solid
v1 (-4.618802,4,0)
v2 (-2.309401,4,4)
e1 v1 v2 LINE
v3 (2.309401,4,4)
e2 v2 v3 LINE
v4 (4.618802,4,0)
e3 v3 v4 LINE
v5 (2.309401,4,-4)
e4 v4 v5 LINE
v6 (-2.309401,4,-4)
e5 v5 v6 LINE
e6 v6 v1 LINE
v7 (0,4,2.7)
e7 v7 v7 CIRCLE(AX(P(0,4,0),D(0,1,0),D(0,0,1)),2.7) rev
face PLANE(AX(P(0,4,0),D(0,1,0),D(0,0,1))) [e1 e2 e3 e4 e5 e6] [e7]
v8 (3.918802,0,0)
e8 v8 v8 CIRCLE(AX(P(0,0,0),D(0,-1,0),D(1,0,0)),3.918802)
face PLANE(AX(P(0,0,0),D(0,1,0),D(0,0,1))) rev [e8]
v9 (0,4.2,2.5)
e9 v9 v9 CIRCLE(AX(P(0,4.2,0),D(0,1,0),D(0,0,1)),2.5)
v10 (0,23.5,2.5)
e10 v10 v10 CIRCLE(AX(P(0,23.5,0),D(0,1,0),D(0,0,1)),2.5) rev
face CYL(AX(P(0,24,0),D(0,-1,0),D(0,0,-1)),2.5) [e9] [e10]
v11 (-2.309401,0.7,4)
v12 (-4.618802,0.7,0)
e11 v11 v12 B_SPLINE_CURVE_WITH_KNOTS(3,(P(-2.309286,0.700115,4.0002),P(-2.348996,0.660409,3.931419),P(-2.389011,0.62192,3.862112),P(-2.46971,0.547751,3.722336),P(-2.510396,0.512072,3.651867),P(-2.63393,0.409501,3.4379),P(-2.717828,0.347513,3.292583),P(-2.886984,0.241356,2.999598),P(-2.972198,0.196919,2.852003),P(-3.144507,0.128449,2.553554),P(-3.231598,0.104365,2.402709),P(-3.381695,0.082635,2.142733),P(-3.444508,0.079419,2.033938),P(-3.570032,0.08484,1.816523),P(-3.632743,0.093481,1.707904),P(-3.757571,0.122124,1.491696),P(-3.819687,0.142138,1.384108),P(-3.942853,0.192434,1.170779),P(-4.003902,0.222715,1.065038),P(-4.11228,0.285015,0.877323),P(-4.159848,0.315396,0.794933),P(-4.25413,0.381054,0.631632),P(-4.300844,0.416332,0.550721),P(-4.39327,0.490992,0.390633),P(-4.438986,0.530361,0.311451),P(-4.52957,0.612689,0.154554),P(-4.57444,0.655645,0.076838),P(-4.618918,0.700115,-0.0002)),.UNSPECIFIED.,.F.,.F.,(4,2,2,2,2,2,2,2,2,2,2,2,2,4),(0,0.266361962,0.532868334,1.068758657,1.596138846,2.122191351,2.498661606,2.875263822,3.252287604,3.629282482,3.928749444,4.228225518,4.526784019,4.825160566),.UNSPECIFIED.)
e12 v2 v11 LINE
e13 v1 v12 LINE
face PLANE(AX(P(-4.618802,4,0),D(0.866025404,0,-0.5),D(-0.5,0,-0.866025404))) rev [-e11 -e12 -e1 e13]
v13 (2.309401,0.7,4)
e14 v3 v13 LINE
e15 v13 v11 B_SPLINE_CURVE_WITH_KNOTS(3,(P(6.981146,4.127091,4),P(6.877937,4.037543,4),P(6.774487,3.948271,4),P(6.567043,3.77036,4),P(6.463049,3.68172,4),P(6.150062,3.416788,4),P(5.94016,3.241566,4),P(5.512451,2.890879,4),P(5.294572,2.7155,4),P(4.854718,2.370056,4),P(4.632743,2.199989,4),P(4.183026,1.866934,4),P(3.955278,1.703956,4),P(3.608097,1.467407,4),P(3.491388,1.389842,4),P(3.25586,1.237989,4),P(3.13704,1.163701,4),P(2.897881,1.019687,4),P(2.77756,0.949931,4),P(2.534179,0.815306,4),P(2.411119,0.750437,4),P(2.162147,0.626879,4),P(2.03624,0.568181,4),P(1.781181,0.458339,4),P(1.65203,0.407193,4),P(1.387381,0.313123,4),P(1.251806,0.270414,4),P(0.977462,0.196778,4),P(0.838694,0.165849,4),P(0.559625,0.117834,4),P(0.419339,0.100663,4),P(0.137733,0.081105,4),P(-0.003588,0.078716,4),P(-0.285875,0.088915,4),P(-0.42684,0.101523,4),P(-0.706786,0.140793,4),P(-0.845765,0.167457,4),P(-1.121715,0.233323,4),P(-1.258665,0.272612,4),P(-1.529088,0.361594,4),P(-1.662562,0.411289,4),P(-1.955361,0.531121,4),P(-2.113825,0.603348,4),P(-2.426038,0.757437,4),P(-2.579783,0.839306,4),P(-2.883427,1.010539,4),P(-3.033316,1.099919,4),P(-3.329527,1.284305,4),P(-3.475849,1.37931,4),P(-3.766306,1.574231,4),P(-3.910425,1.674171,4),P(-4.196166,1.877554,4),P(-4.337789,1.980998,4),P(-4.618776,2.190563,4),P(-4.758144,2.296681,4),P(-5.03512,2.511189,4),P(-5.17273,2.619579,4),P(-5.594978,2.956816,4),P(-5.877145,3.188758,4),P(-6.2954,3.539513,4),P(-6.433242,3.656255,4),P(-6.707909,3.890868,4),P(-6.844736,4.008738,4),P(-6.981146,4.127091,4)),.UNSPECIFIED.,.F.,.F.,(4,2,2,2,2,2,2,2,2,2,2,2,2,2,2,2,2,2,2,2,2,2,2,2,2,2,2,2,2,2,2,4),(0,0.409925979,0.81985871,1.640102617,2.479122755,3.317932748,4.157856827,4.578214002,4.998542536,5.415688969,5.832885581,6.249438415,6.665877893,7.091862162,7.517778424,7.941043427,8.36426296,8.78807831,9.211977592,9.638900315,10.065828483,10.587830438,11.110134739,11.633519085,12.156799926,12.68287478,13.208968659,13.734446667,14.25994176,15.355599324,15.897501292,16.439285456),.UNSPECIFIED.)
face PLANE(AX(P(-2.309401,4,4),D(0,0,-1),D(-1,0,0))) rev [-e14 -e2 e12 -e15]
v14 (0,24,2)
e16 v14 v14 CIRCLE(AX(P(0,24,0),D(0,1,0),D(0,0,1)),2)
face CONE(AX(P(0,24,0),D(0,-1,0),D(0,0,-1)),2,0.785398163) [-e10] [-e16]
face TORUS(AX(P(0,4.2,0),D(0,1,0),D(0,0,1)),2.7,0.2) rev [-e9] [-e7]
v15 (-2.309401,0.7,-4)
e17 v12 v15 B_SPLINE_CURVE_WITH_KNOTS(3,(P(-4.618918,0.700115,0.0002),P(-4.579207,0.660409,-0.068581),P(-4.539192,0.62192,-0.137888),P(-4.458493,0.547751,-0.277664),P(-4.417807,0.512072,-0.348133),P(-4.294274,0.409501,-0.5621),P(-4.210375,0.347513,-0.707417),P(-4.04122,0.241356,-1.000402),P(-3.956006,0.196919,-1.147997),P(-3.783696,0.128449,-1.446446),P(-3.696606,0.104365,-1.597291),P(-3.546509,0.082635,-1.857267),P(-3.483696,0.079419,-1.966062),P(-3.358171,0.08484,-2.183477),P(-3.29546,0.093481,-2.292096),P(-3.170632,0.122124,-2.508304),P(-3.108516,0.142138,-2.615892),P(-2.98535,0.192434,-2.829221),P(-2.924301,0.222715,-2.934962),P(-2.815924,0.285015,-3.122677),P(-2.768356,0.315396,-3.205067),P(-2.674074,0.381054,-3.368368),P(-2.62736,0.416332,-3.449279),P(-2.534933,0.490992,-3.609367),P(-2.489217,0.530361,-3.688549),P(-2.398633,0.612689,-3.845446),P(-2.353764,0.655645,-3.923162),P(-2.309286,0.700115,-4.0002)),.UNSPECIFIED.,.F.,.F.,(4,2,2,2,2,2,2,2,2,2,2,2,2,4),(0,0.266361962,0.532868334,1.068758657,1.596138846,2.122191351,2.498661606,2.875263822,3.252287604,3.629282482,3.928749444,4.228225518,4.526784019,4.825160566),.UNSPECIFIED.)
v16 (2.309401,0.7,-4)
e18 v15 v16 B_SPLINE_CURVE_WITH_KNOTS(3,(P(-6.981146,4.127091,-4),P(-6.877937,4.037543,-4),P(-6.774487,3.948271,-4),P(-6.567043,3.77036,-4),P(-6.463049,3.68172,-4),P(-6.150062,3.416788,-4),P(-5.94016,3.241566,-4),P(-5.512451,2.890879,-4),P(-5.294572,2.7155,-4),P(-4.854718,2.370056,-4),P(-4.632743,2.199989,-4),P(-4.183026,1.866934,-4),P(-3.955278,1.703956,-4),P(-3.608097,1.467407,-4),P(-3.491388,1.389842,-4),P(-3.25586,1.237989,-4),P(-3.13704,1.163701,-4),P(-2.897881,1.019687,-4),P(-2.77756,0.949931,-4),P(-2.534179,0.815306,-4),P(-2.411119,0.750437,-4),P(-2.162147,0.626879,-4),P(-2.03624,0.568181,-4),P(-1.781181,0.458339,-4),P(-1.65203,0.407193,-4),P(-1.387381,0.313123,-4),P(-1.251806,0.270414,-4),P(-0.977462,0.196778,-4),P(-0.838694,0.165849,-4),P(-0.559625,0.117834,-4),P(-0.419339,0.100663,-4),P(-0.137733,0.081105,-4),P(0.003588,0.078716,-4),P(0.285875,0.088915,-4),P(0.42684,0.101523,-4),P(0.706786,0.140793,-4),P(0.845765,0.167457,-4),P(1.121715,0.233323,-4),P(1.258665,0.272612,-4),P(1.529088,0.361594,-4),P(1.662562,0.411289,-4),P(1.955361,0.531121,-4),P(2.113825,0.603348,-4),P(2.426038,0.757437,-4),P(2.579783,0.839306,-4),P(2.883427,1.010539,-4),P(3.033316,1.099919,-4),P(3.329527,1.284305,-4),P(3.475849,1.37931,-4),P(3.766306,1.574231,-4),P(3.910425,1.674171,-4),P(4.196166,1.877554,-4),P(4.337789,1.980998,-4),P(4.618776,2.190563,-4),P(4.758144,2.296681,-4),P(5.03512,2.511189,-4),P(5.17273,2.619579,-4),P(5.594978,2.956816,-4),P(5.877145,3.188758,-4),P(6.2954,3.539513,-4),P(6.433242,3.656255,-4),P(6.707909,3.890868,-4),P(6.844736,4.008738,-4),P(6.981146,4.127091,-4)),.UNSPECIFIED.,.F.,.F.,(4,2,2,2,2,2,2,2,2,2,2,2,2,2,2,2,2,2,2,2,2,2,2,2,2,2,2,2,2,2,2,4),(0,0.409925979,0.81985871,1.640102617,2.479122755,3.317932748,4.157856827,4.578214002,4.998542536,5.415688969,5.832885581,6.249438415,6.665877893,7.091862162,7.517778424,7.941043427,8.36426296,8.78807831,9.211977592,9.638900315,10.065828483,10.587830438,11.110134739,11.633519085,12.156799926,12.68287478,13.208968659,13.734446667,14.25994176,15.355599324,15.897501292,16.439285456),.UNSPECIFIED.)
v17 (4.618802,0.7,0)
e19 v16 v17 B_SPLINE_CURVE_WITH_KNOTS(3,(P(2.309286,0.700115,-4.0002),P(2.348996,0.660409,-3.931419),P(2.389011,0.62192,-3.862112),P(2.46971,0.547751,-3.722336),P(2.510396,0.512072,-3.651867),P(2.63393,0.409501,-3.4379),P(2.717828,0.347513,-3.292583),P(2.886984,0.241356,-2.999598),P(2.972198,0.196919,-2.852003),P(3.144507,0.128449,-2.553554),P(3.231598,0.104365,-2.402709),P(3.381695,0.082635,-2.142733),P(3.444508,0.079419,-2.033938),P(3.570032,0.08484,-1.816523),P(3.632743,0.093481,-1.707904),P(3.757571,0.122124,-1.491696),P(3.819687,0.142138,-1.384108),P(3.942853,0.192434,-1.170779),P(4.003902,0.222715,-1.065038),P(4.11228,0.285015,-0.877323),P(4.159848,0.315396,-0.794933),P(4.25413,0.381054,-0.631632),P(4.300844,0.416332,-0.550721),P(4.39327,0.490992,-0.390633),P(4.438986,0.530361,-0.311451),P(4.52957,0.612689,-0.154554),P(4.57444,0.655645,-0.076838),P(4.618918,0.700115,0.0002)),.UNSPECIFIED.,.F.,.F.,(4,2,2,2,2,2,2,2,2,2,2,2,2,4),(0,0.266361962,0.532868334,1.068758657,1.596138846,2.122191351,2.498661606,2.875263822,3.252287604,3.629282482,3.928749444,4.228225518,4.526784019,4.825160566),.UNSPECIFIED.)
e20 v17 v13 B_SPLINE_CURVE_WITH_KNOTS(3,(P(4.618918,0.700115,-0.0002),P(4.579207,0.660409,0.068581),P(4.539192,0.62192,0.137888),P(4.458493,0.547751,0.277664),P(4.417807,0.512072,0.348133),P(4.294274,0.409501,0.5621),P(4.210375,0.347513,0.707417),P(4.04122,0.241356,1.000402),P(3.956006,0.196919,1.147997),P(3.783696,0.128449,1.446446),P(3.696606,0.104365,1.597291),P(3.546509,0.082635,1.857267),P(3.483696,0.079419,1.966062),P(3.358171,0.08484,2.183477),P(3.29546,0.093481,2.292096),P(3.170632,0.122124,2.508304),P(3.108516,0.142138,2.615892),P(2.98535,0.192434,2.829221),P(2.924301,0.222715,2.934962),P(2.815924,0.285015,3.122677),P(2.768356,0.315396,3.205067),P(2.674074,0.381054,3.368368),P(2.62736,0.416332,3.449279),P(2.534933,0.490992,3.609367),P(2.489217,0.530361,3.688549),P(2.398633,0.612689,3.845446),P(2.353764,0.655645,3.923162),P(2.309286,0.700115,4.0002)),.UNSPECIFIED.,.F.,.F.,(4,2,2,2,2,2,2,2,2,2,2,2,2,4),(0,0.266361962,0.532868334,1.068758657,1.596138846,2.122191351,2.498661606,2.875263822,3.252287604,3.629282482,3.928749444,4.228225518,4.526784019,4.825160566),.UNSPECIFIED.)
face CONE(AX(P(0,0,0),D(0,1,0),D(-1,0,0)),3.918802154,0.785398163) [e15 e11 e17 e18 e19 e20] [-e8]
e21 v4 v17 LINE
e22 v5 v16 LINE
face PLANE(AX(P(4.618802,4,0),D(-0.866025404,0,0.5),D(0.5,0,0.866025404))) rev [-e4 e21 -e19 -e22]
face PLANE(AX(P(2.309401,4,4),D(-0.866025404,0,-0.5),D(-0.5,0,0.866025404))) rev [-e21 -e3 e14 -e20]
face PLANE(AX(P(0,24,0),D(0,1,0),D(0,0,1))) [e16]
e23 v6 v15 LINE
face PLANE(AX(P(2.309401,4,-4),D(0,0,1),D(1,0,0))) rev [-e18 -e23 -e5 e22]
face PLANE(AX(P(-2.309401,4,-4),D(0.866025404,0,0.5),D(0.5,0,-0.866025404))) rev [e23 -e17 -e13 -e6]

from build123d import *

# Parameters (mm, degrees)
BOSS_EXTRUDE1_DEPTH = 4
SKETCH2_R           = 2.5
BOSS_EXTRUDE2_DEPTH = 20
FILLET1_R           = 0.2
CHAMFER1_SIZE       = 0.5


with BuildPart() as part:
    # Sketch1 → Boss-Extrude1 (new body)
    with BuildSketch(Plane(origin=(0, 0, 0), x_dir=(1, 0, 0), z_dir=(0, 1, 0))):
        Polygon((4.618802154, 0), (2.309401077, 4), (-2.309401077, 4), (-4.618802154, 0), (-2.309401077, -4), (2.309401077, -4), align=None)
    extrude(amount=BOSS_EXTRUDE1_DEPTH)

    # Sketch2 → Boss-Extrude2 (add)
    with BuildSketch(Plane(origin=(0, 4, 0), x_dir=(1, 0, 0), z_dir=(0, 1, 0))):
        with Locations(Location((0, 0, 0), (0, 0, 270))):
            Circle(SKETCH2_R)
    extrude(amount=BOSS_EXTRUDE2_DEPTH)

    # Sketch3 → Cut-Revolve1 (revolve, cut)
    with BuildSketch(Plane.XY):
        Polygon((-4.618802154, 0.7), (-3.918802154, 0), (-4.618802154, 0), align=None)
    revolve(axis=Axis((0, -1000, 0), (0, 1, 0)), mode=Mode.SUBTRACT)

    # Fillet1
    fillet1_edges = [part.edges().sort_by_distance(p)[0] for p in [
        (0, 4, -2.5),
    ]]
    fillet(fillet1_edges, radius=FILLET1_R)

    # Chamfer1
    chamfer1_edges = [part.edges().sort_by_distance(p)[0] for p in [
        (0, 24, -2.5),
    ]]
    chamfer(chamfer1_edges, length=CHAMFER1_SIZE)


solid = part.part
